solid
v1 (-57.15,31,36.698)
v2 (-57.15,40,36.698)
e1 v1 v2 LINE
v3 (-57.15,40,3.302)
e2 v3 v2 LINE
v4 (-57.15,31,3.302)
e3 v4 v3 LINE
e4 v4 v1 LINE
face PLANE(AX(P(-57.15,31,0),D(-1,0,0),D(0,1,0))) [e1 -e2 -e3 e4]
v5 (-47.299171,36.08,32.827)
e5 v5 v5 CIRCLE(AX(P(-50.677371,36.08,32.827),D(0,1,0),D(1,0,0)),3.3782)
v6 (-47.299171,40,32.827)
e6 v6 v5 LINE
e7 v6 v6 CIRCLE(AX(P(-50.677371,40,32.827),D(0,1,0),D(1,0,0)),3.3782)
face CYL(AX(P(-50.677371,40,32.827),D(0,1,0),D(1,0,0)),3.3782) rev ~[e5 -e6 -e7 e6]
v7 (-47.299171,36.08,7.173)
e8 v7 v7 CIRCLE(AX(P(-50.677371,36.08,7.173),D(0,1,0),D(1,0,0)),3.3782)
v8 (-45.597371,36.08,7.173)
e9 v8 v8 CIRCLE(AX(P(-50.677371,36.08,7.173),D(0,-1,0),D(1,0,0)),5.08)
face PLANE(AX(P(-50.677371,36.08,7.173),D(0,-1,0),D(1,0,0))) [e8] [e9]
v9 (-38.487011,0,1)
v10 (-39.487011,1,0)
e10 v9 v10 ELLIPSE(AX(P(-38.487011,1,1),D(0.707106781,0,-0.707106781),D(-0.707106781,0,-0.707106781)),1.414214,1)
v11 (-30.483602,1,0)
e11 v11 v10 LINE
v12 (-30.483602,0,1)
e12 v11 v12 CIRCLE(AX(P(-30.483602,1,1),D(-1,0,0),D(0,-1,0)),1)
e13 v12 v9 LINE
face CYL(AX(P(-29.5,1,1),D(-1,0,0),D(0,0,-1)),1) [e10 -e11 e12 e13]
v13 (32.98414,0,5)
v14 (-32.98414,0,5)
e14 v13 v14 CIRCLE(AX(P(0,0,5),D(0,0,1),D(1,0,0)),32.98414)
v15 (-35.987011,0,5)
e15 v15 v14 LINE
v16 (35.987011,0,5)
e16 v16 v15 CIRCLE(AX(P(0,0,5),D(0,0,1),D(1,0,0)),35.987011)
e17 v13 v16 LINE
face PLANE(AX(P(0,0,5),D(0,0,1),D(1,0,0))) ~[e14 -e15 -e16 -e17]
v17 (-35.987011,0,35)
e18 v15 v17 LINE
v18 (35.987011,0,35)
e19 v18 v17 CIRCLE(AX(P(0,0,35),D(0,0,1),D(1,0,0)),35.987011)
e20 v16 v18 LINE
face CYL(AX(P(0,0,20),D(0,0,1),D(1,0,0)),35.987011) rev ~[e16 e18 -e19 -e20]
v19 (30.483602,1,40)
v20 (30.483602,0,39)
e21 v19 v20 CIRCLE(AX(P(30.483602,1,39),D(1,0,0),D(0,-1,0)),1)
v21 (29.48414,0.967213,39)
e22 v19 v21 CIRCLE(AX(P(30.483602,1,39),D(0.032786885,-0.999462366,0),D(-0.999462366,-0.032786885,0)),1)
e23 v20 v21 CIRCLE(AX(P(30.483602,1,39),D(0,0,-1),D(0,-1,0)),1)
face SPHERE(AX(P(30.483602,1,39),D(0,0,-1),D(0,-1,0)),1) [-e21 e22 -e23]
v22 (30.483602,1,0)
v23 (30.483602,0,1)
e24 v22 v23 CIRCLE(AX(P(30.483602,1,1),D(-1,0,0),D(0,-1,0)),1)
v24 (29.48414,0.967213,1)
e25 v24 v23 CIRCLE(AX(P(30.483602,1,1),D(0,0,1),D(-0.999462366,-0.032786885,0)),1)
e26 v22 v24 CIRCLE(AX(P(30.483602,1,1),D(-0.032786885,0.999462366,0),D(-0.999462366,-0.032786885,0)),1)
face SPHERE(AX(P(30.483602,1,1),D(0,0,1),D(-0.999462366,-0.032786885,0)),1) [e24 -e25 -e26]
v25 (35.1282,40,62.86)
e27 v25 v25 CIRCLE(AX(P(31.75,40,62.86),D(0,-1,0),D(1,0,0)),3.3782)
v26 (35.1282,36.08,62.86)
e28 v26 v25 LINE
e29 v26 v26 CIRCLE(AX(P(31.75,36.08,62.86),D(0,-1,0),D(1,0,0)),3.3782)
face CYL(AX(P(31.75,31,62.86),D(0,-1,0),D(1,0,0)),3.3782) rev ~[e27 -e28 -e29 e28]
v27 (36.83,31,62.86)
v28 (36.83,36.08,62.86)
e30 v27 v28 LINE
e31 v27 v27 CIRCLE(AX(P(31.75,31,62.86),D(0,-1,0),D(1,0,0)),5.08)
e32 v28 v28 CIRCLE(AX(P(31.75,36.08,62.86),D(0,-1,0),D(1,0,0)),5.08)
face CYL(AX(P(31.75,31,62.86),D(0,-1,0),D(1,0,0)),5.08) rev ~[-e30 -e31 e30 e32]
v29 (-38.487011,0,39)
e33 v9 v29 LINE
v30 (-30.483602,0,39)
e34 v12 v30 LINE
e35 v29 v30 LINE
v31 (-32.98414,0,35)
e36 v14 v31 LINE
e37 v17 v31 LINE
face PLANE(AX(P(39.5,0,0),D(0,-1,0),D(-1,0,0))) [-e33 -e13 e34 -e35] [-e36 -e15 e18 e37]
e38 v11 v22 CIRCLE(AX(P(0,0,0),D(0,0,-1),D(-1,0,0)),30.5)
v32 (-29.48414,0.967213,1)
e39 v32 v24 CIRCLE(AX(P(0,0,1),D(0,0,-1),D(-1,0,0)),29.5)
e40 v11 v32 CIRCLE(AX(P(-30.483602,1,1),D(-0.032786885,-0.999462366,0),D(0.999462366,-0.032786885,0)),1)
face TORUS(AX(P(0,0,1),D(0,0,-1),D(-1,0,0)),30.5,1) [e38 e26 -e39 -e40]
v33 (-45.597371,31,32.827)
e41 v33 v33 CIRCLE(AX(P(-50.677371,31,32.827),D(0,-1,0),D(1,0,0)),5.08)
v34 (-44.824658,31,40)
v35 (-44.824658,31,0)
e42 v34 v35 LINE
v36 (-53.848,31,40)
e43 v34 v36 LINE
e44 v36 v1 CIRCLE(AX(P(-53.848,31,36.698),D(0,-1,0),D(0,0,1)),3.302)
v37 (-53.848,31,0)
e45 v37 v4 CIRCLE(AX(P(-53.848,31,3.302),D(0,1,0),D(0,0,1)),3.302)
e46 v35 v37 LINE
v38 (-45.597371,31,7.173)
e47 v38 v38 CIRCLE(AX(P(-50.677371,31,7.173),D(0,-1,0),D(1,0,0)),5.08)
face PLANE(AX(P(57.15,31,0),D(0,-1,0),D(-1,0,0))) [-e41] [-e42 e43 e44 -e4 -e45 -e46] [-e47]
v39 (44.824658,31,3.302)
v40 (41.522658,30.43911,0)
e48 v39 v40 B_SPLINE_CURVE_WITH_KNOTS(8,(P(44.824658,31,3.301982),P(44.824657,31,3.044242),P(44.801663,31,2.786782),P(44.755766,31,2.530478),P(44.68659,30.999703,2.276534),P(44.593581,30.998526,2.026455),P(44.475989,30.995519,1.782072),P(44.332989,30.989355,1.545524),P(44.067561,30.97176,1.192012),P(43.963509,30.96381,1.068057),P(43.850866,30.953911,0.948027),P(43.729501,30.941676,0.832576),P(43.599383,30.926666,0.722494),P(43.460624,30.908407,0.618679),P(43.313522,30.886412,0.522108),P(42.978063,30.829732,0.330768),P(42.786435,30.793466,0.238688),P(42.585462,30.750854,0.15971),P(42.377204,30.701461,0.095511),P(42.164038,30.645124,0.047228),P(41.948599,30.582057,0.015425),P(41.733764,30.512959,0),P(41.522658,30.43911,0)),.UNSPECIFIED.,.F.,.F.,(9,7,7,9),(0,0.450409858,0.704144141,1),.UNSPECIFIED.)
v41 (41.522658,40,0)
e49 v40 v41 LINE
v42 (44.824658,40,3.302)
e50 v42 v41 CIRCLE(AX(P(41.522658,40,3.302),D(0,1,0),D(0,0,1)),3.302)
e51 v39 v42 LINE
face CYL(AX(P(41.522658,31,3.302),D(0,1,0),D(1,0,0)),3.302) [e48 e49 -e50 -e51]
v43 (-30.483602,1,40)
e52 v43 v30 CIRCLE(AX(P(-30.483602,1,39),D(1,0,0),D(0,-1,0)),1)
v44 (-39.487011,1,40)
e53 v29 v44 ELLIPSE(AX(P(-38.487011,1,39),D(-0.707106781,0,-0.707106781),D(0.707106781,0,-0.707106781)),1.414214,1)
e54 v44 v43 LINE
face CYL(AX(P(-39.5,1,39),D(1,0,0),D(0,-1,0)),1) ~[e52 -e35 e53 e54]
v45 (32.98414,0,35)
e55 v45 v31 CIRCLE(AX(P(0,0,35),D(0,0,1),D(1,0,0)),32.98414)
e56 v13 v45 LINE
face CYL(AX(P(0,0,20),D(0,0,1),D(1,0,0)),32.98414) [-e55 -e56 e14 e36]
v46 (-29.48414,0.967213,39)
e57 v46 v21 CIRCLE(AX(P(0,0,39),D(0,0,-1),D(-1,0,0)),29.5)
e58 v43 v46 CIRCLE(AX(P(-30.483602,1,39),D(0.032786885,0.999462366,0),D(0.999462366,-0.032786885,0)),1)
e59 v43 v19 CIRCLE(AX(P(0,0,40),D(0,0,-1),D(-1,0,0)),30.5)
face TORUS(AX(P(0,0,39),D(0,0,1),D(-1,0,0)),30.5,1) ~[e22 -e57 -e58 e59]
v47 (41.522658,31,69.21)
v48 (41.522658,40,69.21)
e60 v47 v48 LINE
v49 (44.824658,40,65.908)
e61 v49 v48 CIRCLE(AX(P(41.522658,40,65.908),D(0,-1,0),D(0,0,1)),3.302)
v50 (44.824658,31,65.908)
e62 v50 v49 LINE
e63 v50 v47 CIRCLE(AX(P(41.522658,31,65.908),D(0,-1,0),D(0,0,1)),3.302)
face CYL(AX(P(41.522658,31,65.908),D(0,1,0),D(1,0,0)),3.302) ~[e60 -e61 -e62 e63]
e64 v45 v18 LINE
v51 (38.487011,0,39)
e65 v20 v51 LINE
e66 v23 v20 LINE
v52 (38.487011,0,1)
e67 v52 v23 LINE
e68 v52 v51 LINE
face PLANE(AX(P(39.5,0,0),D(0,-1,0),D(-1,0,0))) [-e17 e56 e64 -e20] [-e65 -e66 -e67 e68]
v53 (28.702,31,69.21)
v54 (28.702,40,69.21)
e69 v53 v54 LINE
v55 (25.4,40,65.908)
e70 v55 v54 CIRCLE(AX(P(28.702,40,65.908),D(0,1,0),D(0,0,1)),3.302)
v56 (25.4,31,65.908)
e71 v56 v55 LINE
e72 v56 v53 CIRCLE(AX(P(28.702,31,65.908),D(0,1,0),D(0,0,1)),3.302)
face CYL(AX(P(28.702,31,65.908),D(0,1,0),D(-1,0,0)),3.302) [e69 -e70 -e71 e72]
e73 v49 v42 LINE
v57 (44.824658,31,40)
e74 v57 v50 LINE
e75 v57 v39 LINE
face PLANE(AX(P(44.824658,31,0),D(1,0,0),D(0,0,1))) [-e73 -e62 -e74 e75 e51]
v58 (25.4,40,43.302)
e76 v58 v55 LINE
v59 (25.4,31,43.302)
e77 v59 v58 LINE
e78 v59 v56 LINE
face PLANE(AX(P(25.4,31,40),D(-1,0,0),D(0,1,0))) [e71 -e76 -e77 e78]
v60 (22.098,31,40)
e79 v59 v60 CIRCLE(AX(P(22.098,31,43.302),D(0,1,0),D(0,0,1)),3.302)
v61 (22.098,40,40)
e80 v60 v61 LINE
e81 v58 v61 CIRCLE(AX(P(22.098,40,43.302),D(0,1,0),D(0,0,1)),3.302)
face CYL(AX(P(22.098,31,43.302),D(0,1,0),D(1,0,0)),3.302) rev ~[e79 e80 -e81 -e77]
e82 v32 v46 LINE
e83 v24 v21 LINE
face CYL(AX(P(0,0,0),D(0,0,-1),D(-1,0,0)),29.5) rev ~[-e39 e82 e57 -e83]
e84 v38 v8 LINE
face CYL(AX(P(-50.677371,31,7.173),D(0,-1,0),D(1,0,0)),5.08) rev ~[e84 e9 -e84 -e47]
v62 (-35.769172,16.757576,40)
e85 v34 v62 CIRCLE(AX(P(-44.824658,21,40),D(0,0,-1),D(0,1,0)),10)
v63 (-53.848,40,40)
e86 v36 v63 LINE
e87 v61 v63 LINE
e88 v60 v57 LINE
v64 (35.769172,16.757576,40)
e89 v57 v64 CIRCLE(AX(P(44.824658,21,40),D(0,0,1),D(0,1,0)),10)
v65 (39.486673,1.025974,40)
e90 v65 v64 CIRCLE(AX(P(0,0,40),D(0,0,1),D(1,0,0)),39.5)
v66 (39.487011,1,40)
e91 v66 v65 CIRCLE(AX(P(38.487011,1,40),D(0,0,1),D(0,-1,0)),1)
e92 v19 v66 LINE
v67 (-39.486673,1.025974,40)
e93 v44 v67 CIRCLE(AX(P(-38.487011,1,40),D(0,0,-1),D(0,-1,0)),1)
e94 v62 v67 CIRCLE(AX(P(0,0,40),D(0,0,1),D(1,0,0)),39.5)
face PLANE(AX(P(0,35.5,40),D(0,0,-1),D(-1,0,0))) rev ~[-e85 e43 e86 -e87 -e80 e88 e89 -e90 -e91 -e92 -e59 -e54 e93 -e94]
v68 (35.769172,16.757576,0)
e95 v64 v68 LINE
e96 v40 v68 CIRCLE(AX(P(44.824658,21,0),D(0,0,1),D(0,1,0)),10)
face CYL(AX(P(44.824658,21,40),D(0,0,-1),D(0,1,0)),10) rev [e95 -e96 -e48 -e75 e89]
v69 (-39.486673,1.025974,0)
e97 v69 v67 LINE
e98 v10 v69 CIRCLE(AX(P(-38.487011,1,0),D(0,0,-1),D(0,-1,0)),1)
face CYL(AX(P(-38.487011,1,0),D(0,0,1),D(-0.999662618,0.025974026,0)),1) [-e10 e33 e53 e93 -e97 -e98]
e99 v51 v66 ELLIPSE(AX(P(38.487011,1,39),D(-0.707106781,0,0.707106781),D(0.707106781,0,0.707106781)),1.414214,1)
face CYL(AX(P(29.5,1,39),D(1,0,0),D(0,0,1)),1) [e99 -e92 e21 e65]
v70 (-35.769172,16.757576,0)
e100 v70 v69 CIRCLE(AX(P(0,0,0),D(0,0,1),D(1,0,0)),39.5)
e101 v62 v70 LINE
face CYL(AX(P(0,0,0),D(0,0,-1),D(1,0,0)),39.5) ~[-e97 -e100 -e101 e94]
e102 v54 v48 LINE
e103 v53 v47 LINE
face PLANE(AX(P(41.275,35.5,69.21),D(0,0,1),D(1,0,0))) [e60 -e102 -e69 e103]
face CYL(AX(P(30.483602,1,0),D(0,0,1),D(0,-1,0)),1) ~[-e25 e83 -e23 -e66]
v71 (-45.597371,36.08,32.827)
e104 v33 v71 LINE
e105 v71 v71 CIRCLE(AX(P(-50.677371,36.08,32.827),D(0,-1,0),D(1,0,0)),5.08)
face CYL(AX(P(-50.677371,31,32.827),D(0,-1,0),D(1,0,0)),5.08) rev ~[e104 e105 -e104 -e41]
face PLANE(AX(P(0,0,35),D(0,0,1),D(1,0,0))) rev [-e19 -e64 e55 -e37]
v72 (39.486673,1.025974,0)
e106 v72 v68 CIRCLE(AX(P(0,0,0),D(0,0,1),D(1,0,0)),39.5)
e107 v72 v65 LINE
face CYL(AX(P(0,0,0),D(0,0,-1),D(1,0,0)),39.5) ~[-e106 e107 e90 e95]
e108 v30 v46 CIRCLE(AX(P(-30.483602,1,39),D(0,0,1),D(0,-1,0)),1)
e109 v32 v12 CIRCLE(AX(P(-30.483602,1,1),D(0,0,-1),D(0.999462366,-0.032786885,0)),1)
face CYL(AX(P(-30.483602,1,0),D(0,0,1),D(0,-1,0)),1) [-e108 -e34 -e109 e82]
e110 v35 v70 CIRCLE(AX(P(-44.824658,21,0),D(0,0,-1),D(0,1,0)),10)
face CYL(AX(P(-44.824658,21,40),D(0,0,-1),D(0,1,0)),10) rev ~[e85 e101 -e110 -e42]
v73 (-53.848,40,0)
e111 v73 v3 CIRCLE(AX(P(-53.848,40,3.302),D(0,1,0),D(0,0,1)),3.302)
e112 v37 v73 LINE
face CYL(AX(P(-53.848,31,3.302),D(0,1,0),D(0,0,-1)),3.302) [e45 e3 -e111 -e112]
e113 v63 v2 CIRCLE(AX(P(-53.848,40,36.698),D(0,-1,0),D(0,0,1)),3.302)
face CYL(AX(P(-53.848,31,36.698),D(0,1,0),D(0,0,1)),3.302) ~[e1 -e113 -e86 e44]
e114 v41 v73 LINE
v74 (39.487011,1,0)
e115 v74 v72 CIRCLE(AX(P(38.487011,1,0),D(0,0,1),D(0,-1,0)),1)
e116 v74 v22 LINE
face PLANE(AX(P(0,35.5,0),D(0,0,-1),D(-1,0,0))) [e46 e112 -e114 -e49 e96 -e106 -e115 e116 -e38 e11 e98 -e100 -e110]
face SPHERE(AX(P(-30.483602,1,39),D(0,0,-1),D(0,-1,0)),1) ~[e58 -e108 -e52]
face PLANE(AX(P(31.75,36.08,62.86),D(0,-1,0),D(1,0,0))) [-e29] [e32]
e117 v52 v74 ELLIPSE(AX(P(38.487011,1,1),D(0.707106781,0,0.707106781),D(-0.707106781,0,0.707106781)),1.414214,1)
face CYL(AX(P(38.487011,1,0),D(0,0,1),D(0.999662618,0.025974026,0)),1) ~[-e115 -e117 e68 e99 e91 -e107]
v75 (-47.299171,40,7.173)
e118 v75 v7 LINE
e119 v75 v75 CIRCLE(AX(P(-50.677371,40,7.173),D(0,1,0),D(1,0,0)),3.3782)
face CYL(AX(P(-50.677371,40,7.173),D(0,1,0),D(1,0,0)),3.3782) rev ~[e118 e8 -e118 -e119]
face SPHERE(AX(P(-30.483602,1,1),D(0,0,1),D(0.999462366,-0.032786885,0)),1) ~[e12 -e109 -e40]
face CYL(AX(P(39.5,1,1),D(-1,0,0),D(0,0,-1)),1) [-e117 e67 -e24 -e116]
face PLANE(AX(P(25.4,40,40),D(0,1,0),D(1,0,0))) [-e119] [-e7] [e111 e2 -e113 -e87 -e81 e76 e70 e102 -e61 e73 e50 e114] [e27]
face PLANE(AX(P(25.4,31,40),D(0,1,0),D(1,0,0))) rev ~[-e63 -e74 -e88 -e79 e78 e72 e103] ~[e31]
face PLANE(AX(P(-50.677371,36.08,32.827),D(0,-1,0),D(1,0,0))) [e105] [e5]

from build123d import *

# Parameters (mm, degrees)
SKETCH1_R           = 39.5
BOSS_EXTRUDE1_DEPTH = 40
CUT_EXTRUDE2_DEPTH  = 41
CUT_EXTRUDE3_DEPTH  = 41
FILLET2_R           = 1
SKETCH6_W           = 114.3
SKETCH6_H           = 9
BOSS_EXTRUDE2_DEPTH = 40
FILLET6_R           = 10
CUT_EXTRUDE4_REACH  = 42
SKETCH9_R           = 3.3782
SKETCH11_W          = 31.75
SKETCH11_H          = 9
BOSS_EXTRUDE3_DEPTH = 29.21
SKETCH4_W           = 3.002871012
SKETCH4_H           = 30
FILLET7_R           = 3.302
SKETCH13_R          = 5.08
CUT_EXTRUDE6_DEPTH  = 5.08
SKETCH15_R          = 3.3782
CUT_EXTRUDE8_DEPTH  = 10
SKETCH16_R          = 5.08
CUT_EXTRUDE9_DEPTH  = 5.08
SKETCH17_W          = 36.586278343
SKETCH17_H          = 70.835632368
CUT_EXTRUDE10_DEPTH = 10
FILLET8_R           = 3.302


with BuildPart() as part:
    # Sketch1 → Boss-Extrude1 (new body)
    with BuildSketch(Plane.XY):
        Circle(SKETCH1_R)
    extrude(amount=BOSS_EXTRUDE1_DEPTH)

    # Sketch2 → Cut-Extrude2 (cut, through all)
    with BuildSketch(Plane(origin=(0, 0, 0), x_dir=(-1, 0, 0), z_dir=(0, 0, -1))):
        with BuildLine():
            Line((-39.5, 0), (39.5, 0))
            ThreePointArc((39.5, 0), (0, -39.5), (-39.5, 0))
        make_face()
    extrude(amount=-CUT_EXTRUDE2_DEPTH, mode=Mode.SUBTRACT)

    # Sketch3 → Cut-Extrude3 (cut, through all)
    with BuildSketch(Plane(origin=(0, 0, 0), x_dir=(-1, 0, 0), z_dir=(0, 0, -1))):
        with BuildLine():
            Line((-29.5, 0), (29.5, 0))
            ThreePointArc((29.5, 0), (0, 29.5), (-29.5, 0))
        make_face()
    extrude(amount=-CUT_EXTRUDE3_DEPTH, mode=Mode.SUBTRACT)

    # Fillet2
    fillet2_edges = [part.edges().sort_by_distance(p)[0] for p in [
        (-34.5, 0, 0),
        (-34.5, 0, 40),
        (0, 29.5, 40),
        (29.5, 0, 20),
        (-29.5, 0, 20),
        (0, 29.5, 0),
        (-39.5, 0, 20),
        (34.5, 0, 0),
        (39.5, 0, 20),
        (34.5, 0, 40),
    ]]
    fillet(fillet2_edges, radius=FILLET2_R)

    # Sketch6 → Boss-Extrude2 (add)
    with BuildSketch(Plane(origin=(0, 0, 0), x_dir=(-1, 0, 0), z_dir=(0, 0, -1))):
        with Locations((0, 35.5)):
            Rectangle(SKETCH6_W, SKETCH6_H)
    extrude(amount=-BOSS_EXTRUDE2_DEPTH)

    # Fillet6
    fillet6_edges = [part.edges().sort_by_distance(p)[0] for p in [
        (-24.47958333, 31, 20),
        (24.47958333, 31, 20),
    ]]
    fillet(fillet6_edges, radius=FILLET6_R)

    # Sketch9 → Cut-Extrude4 (cut, up to next)
    with BuildSketch(Plane(origin=(0, 40, 0), x_dir=(1, 0, 0), z_dir=(0, 1, 0)), mode=Mode.PRIVATE) as cut_extrude4_sk1:
        with Locations((-50.677371465, -7.173)):
            Circle(SKETCH9_R)
    cut_extrude4_tool1 = extrude(cut_extrude4_sk1.sketch, amount=-CUT_EXTRUDE4_REACH, mode=Mode.PRIVATE) & part.part
    add(cut_extrude4_tool1.solids().sort_by_distance((-50.677371, 40, 7.173))[0], mode=Mode.SUBTRACT)
    # Sketch9 → Cut-Extrude4 (cut, up to next)
    with BuildSketch(Plane(origin=(0, 40, 0), x_dir=(1, 0, 0), z_dir=(0, 1, 0)), mode=Mode.PRIVATE) as cut_extrude4_sk2:
        with Locations((-50.677371465, -32.827)):
            Circle(SKETCH9_R)
    cut_extrude4_tool2 = extrude(cut_extrude4_sk2.sketch, amount=-CUT_EXTRUDE4_REACH, mode=Mode.PRIVATE) & part.part
    add(cut_extrude4_tool2.solids().sort_by_distance((-50.677371, 40, 32.827))[0], mode=Mode.SUBTRACT)

    # Sketch11 → Boss-Extrude3 (add)
    with BuildSketch(Plane.XY.offset(40)):
        with Locations((41.275, 35.5)):
            Rectangle(SKETCH11_W, SKETCH11_H)
    extrude(amount=BOSS_EXTRUDE3_DEPTH)

    # Sketch4 → Cut-Revolve1 (revolve, cut)
    with BuildSketch(Plane.XZ):
        with Locations((34.48557529, 20)):
            Rectangle(SKETCH4_W, SKETCH4_H)
    revolve(axis=Axis((0, 0, 0), (0, 0, 1)), mode=Mode.SUBTRACT)

    # Fillet7
    fillet7_edges = [part.edges().sort_by_distance(p)[0] for p in [
        (25.4, 35.5, 40),
        (25.4, 35.5, 69.21),
        (57.15, 35.5, 69.21),
        (-57.15, 35.5, 0),
        (57.15, 35.5, 0),
        (-57.15, 35.5, 40),
    ]]
    fillet(fillet7_edges, radius=FILLET7_R)

    # Sketch13 → Cut-Extrude6 (cut)
    with BuildSketch(Plane.XZ.offset(-31)):
        with Locations((-50.677371465, 32.827)):
            Circle(SKETCH13_R)
        with Locations((-50.677371465, 7.173)):
            Circle(SKETCH13_R)
    extrude(amount=-CUT_EXTRUDE6_DEPTH, mode=Mode.SUBTRACT)

    # Sketch15 → Cut-Extrude8 (cut, through all)
    with BuildSketch(Plane.XZ.offset(-31)):
        with Locations((31.75, 62.86)):
            Circle(SKETCH15_R)
    extrude(amount=-CUT_EXTRUDE8_DEPTH, mode=Mode.SUBTRACT)

    # Sketch16 → Cut-Extrude9 (cut)
    with BuildSketch(Plane.XZ.offset(-31)):
        with Locations((31.75, 62.86)):
            Circle(SKETCH16_R)
    extrude(amount=-CUT_EXTRUDE9_DEPTH, mode=Mode.SUBTRACT)

    # Sketch17 → Cut-Extrude10 (cut, through all)
    with BuildSketch(Plane.XZ.offset(-31)):
        with Locations((63.117797564, 35.417816184)):
            Rectangle(SKETCH17_W, SKETCH17_H)
    extrude(amount=-CUT_EXTRUDE10_DEPTH, mode=Mode.SUBTRACT)

    # Fillet8
    fillet8_edges = [part.edges().sort_by_distance(p)[0] for p in [
        (44.824658392, 35.5, 69.21),
        (44.824658392, 35.5, 0),
    ]]
    fillet(fillet8_edges, radius=FILLET8_R)


with BuildPart() as body_2:
    # Mirror8: mirrored copy
    add(part.part.mirror(Plane(origin=(-57.15, 40, 154.653783191), x_dir=(0, 0, 1), z_dir=(-1, 0, 0))))


solid = part.part
